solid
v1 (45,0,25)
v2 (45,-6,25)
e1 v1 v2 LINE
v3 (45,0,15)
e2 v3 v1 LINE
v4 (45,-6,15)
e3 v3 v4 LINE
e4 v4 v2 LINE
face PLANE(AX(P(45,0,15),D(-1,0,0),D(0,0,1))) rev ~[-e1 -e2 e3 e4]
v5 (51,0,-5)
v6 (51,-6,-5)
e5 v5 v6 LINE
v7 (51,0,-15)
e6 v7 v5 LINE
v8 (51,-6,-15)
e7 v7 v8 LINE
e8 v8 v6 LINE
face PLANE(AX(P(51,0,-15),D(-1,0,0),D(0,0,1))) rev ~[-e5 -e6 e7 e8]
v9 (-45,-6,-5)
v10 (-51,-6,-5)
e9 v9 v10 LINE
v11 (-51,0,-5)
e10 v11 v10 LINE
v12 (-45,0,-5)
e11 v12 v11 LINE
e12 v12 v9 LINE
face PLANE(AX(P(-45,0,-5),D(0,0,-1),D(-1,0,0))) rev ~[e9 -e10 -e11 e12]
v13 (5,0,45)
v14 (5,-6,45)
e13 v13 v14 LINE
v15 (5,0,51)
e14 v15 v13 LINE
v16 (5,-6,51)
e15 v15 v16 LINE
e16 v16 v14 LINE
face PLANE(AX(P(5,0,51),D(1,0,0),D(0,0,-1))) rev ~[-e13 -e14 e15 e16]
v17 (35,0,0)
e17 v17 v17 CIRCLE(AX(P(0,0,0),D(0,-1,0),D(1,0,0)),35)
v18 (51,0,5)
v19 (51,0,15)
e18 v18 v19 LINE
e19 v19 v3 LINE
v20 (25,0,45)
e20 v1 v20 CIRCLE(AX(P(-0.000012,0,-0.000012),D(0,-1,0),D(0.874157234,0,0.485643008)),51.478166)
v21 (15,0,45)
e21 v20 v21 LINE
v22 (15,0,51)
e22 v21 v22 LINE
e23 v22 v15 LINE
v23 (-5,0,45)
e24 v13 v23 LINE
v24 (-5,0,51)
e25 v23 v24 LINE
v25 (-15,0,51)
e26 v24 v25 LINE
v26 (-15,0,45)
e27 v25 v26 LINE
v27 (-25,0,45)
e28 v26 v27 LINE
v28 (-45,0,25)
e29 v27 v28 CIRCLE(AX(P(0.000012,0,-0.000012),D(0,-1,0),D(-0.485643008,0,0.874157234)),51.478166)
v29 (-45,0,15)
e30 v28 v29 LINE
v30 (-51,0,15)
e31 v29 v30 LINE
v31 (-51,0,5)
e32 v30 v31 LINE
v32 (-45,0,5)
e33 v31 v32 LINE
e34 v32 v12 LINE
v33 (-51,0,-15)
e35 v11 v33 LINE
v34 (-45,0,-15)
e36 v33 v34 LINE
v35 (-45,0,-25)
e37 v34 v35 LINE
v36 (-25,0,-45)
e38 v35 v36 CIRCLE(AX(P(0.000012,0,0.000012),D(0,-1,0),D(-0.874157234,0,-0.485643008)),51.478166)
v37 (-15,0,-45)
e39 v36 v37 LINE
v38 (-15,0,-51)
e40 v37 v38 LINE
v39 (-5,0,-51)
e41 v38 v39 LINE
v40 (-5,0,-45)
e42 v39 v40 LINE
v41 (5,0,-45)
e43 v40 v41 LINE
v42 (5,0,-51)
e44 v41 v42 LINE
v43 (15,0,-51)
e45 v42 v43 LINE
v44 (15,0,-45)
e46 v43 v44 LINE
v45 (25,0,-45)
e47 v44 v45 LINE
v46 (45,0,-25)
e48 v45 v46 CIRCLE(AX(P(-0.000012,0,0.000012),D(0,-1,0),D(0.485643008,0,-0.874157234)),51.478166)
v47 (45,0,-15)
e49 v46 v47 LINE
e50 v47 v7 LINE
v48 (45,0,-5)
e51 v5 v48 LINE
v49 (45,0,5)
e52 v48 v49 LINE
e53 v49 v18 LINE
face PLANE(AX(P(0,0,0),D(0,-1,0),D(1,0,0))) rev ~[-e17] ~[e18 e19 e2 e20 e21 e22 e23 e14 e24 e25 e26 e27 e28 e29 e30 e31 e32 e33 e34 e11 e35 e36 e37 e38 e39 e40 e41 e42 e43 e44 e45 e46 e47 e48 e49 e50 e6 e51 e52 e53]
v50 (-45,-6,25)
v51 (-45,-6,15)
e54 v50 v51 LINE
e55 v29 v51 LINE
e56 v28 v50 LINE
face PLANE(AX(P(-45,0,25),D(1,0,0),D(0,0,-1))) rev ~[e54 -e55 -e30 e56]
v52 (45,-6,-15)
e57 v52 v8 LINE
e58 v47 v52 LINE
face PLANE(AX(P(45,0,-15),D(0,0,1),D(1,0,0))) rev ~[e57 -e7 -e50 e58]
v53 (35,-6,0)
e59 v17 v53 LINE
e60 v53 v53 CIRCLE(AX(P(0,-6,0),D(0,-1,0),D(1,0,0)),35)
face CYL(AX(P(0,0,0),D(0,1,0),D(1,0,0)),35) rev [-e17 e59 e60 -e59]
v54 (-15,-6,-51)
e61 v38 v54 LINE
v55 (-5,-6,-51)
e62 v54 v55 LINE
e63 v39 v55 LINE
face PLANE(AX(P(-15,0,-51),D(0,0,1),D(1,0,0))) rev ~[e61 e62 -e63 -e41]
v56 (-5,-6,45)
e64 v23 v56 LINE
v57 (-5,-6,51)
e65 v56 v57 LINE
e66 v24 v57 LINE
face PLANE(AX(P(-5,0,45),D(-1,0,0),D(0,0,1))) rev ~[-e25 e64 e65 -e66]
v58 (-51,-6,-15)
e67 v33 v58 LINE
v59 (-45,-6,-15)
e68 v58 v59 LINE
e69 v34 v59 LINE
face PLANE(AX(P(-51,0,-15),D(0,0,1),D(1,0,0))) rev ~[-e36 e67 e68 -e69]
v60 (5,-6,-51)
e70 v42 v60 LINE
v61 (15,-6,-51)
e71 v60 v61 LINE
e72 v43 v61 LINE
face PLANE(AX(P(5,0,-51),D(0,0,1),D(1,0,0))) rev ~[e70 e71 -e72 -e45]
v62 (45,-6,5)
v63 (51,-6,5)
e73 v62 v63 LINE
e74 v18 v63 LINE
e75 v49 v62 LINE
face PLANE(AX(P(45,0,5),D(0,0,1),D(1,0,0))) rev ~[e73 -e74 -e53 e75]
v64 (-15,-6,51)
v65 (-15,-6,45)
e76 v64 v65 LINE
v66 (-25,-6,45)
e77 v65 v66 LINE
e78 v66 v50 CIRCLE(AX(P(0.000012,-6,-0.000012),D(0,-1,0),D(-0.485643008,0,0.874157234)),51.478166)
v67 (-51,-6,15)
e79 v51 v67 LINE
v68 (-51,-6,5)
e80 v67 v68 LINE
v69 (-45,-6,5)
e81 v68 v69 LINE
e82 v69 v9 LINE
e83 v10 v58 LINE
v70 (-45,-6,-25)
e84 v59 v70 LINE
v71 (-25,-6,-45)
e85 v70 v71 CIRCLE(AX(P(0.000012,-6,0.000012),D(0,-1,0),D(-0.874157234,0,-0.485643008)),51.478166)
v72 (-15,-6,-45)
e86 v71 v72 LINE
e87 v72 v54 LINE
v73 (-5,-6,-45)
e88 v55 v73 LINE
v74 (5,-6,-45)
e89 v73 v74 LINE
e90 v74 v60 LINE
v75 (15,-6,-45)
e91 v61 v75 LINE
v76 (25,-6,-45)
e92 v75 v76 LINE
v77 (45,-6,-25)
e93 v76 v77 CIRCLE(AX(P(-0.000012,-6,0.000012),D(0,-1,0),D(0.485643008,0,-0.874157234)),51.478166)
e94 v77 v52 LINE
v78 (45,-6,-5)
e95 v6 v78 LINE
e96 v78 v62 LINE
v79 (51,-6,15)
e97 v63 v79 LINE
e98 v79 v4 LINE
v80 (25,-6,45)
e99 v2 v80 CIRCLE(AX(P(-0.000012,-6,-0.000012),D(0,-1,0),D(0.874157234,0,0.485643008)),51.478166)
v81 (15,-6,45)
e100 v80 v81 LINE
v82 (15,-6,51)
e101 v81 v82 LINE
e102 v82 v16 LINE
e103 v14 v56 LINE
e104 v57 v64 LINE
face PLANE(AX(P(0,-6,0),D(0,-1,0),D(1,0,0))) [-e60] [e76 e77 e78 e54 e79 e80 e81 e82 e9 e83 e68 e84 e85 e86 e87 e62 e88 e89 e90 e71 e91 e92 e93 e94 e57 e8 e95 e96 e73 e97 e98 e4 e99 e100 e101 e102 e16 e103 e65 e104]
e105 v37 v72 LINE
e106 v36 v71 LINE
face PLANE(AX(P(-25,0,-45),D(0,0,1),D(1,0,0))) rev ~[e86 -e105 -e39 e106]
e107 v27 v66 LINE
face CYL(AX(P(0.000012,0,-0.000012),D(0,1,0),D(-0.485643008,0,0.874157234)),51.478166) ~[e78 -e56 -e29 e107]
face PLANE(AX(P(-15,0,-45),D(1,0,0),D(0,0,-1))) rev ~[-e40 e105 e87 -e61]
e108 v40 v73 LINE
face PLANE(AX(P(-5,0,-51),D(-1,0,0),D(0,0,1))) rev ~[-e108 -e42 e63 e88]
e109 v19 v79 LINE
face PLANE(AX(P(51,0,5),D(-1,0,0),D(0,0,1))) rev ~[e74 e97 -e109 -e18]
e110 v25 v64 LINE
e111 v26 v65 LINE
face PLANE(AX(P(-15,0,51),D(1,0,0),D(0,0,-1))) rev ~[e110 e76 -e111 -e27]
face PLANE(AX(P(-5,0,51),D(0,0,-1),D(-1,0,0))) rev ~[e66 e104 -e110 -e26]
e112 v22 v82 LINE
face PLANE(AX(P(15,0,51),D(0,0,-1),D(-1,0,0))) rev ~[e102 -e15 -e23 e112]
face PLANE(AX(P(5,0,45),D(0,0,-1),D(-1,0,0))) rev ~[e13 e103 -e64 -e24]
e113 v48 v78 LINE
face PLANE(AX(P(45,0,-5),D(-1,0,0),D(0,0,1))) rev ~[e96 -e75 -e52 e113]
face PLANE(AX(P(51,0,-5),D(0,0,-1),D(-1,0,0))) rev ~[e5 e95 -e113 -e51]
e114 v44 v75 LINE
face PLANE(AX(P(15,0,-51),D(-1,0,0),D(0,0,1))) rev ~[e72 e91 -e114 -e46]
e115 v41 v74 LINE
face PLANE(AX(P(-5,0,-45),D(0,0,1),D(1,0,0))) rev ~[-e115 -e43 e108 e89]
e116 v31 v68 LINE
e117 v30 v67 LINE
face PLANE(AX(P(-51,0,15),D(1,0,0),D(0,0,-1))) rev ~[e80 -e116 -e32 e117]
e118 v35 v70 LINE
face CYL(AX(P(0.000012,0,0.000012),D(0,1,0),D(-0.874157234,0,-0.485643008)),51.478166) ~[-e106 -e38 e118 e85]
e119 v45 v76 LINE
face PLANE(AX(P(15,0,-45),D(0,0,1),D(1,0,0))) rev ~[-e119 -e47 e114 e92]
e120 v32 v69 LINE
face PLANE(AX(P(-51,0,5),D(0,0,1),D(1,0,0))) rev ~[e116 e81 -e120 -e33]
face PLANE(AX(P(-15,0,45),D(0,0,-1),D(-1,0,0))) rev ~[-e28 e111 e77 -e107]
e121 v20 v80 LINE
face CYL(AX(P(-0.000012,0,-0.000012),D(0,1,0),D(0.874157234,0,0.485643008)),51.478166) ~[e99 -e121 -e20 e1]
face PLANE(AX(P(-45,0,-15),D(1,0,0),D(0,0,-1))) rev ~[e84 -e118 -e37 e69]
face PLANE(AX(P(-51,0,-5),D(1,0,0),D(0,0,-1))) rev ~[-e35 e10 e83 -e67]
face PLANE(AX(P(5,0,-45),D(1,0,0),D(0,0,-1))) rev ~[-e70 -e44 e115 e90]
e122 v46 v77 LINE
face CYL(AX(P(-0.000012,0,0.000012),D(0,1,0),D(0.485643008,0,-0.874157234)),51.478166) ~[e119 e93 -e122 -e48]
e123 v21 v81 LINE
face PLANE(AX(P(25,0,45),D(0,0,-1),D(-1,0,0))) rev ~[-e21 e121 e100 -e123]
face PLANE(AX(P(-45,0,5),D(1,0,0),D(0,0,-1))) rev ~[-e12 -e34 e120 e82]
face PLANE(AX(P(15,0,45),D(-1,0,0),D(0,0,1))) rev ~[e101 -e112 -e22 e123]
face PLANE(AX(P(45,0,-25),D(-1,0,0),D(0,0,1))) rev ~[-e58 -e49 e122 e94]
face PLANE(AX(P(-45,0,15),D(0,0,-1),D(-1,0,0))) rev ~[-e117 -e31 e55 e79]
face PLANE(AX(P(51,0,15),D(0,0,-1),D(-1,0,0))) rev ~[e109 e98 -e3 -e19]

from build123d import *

# Parameters (mm, degrees)
F0_R     = 35
F1_DEPTH = 6


with BuildPart() as f1:
    # F0 (on Front) → F1 (new body)
    with BuildSketch(Plane.XZ):
        with BuildLine():
            Line((15, -45), (25, -45))
            ThreePointArc((25, -45), (36.400549, -36.400549), (45, -25))
            Line((45, -25), (45, -15))
            Line((45, -15), (51, -15))
            Line((51, -15), (51, -5))
            Line((51, -5), (45, -5))
            Line((45, -5), (45, 5))
            Line((45, 5), (51, 5))
            Line((51, 5), (51, 15))
            Line((51, 15), (45, 15))
            Line((45, 15), (45, 25))
            ThreePointArc((45, 25), (36.400549, 36.400549), (25, 45))
            Line((25, 45), (15, 45))
            Line((15, 45), (15, 51))
            Line((15, 51), (5, 51))
            Line((5, 51), (5, 45))
            Line((5, 45), (-5, 45))
            Line((-5, 45), (-5, 51))
            Line((-5, 51), (-15, 51))
            Line((-15, 51), (-15, 45))
            Line((-15, 45), (-25, 45))
            ThreePointArc((-25, 45), (-36.400549, 36.400549), (-45, 25))
            Line((-45, 25), (-45, 15))
            Line((-45, 15), (-51, 15))
            Line((-51, 15), (-51, 5))
            Line((-51, 5), (-45, 5))
            Line((-45, 5), (-45, -5))
            Line((-45, -5), (-51, -5))
            Line((-51, -5), (-51, -15))
            Line((-51, -15), (-45, -15))
            Line((-45, -15), (-45, -25))
            ThreePointArc((-45, -25), (-36.400549, -36.400549), (-25, -45))
            Line((-25, -45), (-15, -45))
            Line((-15, -45), (-15, -51))
            Line((-15, -51), (-5, -51))
            Line((-5, -51), (-5, -45))
            Line((-5, -45), (5, -45))
            Line((5, -45), (5, -51))
            Line((5, -51), (15, -51))
            Line((15, -51), (15, -45))
        make_face()
        Circle(F0_R, mode=Mode.SUBTRACT)
    extrude(amount=F1_DEPTH)


solid = f1.part
